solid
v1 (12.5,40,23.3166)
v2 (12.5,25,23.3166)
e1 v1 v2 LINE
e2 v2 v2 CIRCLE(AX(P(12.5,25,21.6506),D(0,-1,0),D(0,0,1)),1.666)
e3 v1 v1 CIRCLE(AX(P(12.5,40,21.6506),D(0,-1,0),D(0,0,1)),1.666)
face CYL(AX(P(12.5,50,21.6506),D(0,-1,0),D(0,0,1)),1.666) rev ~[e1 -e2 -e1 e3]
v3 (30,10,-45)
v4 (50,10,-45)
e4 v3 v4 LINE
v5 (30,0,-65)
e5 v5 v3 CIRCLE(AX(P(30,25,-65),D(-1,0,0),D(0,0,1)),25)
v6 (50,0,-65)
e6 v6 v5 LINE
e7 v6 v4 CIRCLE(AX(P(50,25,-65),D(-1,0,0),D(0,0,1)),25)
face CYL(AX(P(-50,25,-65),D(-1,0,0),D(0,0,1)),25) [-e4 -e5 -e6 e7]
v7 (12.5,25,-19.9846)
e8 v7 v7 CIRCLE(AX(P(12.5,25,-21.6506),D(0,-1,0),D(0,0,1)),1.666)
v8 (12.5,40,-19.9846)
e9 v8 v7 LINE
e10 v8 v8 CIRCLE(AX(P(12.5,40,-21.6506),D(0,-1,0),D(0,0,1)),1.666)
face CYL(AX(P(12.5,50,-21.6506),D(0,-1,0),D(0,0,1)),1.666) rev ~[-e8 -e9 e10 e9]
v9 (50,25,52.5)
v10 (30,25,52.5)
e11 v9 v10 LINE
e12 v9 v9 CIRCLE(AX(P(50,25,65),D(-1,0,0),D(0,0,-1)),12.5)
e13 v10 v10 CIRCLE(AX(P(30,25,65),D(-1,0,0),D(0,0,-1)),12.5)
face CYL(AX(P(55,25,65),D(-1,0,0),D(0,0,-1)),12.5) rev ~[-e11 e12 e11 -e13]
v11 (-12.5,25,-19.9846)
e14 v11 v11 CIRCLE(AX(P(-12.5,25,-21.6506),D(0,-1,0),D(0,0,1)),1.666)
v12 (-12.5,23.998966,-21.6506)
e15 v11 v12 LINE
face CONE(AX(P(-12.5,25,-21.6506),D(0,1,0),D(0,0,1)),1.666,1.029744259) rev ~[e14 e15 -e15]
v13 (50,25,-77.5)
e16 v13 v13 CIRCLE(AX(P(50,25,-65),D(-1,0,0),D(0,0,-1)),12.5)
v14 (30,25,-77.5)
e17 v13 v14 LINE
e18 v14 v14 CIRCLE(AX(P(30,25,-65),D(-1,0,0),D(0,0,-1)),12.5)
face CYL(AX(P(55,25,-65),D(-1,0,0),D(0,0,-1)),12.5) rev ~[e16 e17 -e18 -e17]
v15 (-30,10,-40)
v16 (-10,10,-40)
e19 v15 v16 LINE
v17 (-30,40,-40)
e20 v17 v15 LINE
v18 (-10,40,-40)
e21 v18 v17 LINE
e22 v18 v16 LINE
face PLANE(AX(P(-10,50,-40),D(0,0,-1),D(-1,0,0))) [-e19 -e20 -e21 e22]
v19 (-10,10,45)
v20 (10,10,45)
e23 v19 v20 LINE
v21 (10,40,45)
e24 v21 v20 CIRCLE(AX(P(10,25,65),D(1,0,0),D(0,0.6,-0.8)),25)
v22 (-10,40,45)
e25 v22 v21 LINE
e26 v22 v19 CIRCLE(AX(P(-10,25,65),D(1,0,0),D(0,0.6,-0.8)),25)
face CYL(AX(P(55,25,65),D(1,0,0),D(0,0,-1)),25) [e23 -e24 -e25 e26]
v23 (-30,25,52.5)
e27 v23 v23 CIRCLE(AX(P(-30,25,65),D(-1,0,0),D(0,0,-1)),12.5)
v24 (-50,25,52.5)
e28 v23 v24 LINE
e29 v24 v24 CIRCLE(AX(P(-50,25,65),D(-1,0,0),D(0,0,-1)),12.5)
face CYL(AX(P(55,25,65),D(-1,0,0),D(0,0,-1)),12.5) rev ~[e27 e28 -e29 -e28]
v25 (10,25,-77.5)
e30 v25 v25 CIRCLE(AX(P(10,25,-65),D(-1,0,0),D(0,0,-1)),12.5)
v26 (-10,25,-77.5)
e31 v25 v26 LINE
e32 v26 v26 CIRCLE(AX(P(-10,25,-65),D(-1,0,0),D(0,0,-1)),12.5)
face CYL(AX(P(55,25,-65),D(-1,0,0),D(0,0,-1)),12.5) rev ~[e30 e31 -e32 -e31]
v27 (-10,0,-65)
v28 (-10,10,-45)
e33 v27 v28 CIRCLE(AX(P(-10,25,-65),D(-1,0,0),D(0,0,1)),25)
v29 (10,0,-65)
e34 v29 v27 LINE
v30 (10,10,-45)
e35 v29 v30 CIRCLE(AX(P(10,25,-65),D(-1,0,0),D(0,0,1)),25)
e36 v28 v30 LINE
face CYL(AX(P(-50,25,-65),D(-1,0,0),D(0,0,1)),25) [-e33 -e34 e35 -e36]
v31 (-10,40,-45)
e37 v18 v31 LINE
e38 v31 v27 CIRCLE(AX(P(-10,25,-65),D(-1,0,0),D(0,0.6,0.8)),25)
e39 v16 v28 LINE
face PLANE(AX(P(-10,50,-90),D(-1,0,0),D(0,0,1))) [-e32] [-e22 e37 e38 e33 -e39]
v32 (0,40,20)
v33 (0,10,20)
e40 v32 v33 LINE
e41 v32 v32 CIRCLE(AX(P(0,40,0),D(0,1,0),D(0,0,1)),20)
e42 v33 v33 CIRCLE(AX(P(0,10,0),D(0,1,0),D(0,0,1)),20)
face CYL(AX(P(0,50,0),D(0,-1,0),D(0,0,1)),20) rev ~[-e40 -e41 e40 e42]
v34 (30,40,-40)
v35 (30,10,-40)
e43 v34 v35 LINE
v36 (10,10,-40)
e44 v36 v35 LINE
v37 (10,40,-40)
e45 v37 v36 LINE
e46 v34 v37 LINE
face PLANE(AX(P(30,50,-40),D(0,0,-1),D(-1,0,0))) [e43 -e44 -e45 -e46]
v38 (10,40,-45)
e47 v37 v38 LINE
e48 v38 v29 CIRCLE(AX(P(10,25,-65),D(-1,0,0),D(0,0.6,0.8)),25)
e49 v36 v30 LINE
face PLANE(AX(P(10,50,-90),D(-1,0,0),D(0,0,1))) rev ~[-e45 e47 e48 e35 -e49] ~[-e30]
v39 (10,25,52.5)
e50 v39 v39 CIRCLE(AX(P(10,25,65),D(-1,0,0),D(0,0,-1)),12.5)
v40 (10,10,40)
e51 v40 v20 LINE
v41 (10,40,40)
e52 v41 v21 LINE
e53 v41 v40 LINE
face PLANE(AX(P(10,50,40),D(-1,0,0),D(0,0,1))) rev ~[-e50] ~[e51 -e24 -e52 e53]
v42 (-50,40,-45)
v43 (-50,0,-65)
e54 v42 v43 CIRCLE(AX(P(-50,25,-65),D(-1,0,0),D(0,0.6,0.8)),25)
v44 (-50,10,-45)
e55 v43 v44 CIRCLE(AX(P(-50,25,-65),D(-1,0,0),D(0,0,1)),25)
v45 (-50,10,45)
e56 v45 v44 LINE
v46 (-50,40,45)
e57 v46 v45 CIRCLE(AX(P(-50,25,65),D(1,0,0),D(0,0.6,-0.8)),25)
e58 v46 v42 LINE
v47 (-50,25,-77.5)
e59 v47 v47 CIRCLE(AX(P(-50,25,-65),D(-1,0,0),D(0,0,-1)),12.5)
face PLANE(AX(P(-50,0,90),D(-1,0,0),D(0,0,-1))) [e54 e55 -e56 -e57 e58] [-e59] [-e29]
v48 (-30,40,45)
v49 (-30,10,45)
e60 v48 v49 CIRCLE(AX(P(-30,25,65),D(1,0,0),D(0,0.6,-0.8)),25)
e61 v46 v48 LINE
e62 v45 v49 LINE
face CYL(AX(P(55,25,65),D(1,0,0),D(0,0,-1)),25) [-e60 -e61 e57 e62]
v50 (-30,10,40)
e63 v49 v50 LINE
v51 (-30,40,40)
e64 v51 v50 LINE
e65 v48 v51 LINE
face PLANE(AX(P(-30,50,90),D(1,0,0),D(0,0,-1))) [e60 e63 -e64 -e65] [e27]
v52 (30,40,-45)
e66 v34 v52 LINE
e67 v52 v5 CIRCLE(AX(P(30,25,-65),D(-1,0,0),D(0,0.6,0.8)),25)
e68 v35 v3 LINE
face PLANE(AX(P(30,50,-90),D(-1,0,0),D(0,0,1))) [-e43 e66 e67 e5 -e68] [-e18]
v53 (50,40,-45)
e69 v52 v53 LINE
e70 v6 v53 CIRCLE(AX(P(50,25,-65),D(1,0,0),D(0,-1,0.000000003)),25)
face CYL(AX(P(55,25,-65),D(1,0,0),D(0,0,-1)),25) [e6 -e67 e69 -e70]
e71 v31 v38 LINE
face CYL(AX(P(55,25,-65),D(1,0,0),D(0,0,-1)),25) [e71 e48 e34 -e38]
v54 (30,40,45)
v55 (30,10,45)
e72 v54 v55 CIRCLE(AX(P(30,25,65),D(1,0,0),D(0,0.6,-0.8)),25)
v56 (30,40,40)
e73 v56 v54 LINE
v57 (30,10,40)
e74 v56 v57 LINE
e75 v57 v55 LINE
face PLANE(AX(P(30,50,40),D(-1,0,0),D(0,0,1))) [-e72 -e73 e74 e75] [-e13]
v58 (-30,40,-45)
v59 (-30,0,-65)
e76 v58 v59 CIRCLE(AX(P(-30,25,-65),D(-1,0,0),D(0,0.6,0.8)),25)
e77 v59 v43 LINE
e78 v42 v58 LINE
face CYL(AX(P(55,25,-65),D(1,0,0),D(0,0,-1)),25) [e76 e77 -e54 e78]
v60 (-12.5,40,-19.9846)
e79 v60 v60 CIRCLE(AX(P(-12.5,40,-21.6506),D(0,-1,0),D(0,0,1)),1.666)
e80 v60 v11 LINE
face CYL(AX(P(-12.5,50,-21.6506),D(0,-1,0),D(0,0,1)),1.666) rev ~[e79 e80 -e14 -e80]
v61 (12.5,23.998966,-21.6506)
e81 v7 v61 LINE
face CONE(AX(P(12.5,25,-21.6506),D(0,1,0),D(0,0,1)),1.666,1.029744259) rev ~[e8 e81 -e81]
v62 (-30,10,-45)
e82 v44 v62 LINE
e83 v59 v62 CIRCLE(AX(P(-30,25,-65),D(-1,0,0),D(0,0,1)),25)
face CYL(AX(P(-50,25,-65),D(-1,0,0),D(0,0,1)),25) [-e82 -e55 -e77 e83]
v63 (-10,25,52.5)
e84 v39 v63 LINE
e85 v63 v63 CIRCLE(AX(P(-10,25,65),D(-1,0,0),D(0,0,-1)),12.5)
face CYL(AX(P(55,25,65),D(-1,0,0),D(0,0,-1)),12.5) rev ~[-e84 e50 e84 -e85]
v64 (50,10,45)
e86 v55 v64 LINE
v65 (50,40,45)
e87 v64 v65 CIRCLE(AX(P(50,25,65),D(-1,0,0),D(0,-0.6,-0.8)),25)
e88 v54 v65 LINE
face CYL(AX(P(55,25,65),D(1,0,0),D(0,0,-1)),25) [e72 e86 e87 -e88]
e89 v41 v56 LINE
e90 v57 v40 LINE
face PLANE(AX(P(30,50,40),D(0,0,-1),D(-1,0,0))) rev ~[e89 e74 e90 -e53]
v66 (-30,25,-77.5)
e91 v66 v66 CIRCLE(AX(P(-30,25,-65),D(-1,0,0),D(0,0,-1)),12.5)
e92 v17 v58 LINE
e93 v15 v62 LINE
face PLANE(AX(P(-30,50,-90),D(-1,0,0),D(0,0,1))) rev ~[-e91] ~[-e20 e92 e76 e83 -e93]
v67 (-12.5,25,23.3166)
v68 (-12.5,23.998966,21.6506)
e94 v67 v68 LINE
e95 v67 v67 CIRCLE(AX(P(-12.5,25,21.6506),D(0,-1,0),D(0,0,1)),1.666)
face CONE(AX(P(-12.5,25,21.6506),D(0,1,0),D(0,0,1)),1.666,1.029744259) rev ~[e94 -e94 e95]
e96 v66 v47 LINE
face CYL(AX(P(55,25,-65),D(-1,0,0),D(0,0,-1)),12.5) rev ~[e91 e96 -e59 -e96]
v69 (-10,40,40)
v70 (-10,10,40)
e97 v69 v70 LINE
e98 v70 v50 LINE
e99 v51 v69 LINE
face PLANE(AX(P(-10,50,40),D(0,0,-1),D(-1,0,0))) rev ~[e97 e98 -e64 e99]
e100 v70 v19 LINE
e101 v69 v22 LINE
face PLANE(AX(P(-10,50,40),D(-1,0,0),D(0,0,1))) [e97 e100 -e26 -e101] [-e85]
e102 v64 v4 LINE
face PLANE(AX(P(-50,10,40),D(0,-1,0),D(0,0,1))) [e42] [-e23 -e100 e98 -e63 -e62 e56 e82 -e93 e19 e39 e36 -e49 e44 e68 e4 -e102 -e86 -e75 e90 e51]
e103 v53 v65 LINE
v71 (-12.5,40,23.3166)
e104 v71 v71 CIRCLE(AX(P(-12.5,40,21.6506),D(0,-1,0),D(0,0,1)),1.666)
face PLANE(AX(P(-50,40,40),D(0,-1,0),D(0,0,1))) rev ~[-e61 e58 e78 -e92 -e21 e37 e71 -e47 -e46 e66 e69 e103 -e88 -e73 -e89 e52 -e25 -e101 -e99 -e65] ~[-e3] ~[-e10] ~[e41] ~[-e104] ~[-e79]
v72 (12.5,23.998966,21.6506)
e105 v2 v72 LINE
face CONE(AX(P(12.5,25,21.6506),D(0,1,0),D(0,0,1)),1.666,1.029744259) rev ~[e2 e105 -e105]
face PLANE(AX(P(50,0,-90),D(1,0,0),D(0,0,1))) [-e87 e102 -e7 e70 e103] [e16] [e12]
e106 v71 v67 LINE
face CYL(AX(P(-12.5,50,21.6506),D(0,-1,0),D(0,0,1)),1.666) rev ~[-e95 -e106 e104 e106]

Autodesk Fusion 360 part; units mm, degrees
sketch "Sketch1" plane through (0, 0, 0) normal (0, 1, 0) x (1, 0, 0)
  line L0 (55, -90) -> (-55, -90)
  line L1 (-55, -90) -> (-55, 90)
  line L2 (-55, 90) -> (55, 90)
  line L3 (55, 90) -> (55, -90)
  line L4 (55, -90) -> (-55, 90) construction
  line L5 (-55, -90) -> (55, 90) construction
  dimension "d1" = 180
  dimension "d2" = 110
extrude "Extrude1" add sketch "Sketch1" along normal blind 50
sketch "Sketch2" plane through (0, 50, 0) normal (0, 1, 0) x (-1, 0, 0)
  line L0 (-55, -90) -> (55, -90)
  line L1 (55, -90) -> (55, 90)
  line L2 (55, 90) -> (-55, 90)
  line L3 (-55, 90) -> (-55, -90)
  line L4 (55, -90) -> (30, -90)
  line L5 (30, -90) -> (30, -40)
  line L6 (30, -40) -> (55, -40)
  line L7 (55, -40) -> (55, -90)
  line L8 (30, -90) -> (10, -90)
  line L9 (10, -90) -> (10, -40)
  line L10 (10, -40) -> (30, -40)
  line L11 (30, -40) -> (30, -90)
  line L12 (10, -90) -> (-10, -90)
  line L13 (-10, -90) -> (-10, -40)
  line L14 (-10, -40) -> (10, -40)
  line L15 (10, -40) -> (10, -90)
  line L16 (-10, -90) -> (-30, -90)
  line L17 (-30, -90) -> (-30, -40)
  line L18 (-30, -40) -> (-10, -40)
  line L19 (-10, -40) -> (-10, -90)
  line L20 (-30, -90) -> (-55, -90)
  line L21 (-55, -90) -> (-55, -40)
  line L22 (-55, -40) -> (-30, -40)
  line L23 (-30, -40) -> (-30, -90)
  line L24 (55, 0) -> (-55, 0)
  line L25 (55, 90) -> (30, 90)
  line L26 (-10, 40) -> (10, 40)
  line L27 (-30, 40) -> (-30, 90)
  line L28 (-55, 90) -> (55, 90)
  line L29 (-30, 40) -> (-10, 40)
  line L30 (-30, 90) -> (-30, 40)
  line L31 (30, 90) -> (10, 90)
  line L32 (-10, 90) -> (-30, 90)
  line L33 (-55, 90) -> (-55, 40)
  line L34 (10, 40) -> (30, 40)
  line L35 (-10, 40) -> (-10, 90)
  line L36 (30, 90) -> (30, 40)
  line L37 (-55, 40) -> (-30, 40)
  line L38 (30, 40) -> (55, 40)
  line L39 (30, 40) -> (30, 90)
  line L40 (-30, 90) -> (-55, 90)
  line L41 (10, 40) -> (10, 90)
  line L42 (-10, 90) -> (-10, 40)
  line L43 (10, 90) -> (-10, 90)
  line L44 (10, 90) -> (10, 40)
  line L45 (55, 40) -> (55, 90)
  dimension "d5" = 25
  dimension "d6" = 50
  dimension "d7" = 20
  dimension "d8" = 20
  dimension "d9" = 20
  dimension "d10" = 25
  dimension "d11" = 50
  dimension "d12" = 50
  dimension "d13" = 50
  dimension "d14" = 50
  dimension "d15" = 110
extrude "Extrude2" cut sketch "Sketch2" against normal blind 50 contours L0 L13 L16 L17 L18 L19 L23 | L0 L5 L8 L9 L10 L11 L15 | L2 L27 L28 L29 L30 L32 L35 L42 | L2 L28 L31 L34 L36 L39 L41 L44
sketch "Sketch3" plane through (0, 50, 0) normal (0, 1, 0) x (-1, 0, 0)
  line L0 (-10, -40) -> (-10, -90)
  line L1 (-10, -90) -> (10, -90)
  line L2 (10, -90) -> (10, -40)
  line L3 (10, -40) -> (30, -40)
  line L4 (30, -40) -> (30, -90)
  line L5 (30, -90) -> (55, -90)
  line L6 (55, -90) -> (55, 90)
  line L7 (55, 90) -> (30, 90)
  line L8 (30, 90) -> (30, 40)
  line L9 (30, 40) -> (10, 40)
  line L10 (10, 40) -> (10, 90)
  line L11 (10, 90) -> (-10, 90)
  line L12 (-10, 90) -> (-10, 40)
  line L13 (-10, 40) -> (-30, 40)
  line L14 (-30, 40) -> (-30, 90)
  line L15 (-30, 90) -> (-55, 90)
  line L16 (-55, 90) -> (-55, -90)
  line L17 (-55, -90) -> (-30, -90)
  line L18 (-30, -90) -> (-30, -40)
  line L19 (-30, -40) -> (-10, -40)
hole "Hole1" at (0, 50, 0) direction (0, -1, 0) diameter 40 end through all
sketch "Sketch4" plane through (55, 0, 0) normal (1, 0, 0) x (0, 0, -1)
  line L0 (-90, 0) -> (90, 0)
  line L1 (90, 0) -> (90, 50)
  line L2 (90, 50) -> (-90, 50)
  line L3 (-90, 50) -> (-90, 0)
  circle A0 centre (65, 25) radius 25
  circle A1 centre (-65, 25) radius 25
  dimension "d21" = 50
  dimension "d23" = 50
  dimension "d24" = 65
  dimension "d25" = 25
  dimension "d26" = 25
  dimension "d27" = 65
extrude "Extrude3" cut sketch "Sketch4" against normal blind 110 contours L0 L3 A1 | L2 L3 A1 | L0 L1 A0 | L1 L2 A0
sketch "Sketch5" plane through (55, 0, 0) normal (1, 0, 0) x (0, 0, -1)
  arc A0 (-65, 50) -> (-65, 0) centre (-65, 25) ccw
  line L0 (-65, 0) -> (65, 0)
  arc A1 (65, 0) -> (65, 50) centre (65, 25) ccw
  line L1 (65, 50) -> (-65, 50)
  line L2 (-65, 25) -> (65, 25)
hole "Hole2" at (55, 25, 65) at (55, 25, -65) direction (-1, 0, 0) diameter 25 end through all
extrude "Extrude4" cut 1 faces at (55, 5.9862, 18.224) along direction (-1, 0, 0) blind 5
extrude "Extrude5" cut 1 faces at (-55, 5.9862, 18.224) along direction (1, 0, 0) blind 5
sketch "Sketch6" plane through (0, 50, 0) normal (0, 1, 0) x (-1, 0, 0)
  circle A0 centre (0, 0) radius 20
  line L0 (50, -65) -> (50, 65)
  line L1 (50, 65) -> (30, 65)
  line L2 (30, 65) -> (30, 40)
  line L3 (30, 40) -> (10, 40)
  line L4 (10, 40) -> (10, 65)
  line L5 (10, 65) -> (-10, 65)
  line L6 (-10, 65) -> (-10, 40)
  line L7 (-10, 40) -> (-30, 40)
  line L8 (-30, 40) -> (-30, 65)
  line L9 (-30, 65) -> (-50, 65)
  line L10 (-50, 65) -> (-50, -65)
  line L11 (-50, -65) -> (-30, -65)
  line L12 (-30, -65) -> (-30, -40)
  line L13 (-30, -40) -> (-10, -40)
  line L14 (-10, -40) -> (-10, -65)
  line L15 (-10, -65) -> (10, -65)
  line L16 (10, -65) -> (10, -40)
  line L17 (10, -40) -> (30, -40)
  line L18 (30, -40) -> (30, -65)
  line L19 (30, -65) -> (50, -65)
  line L20 (-50, -40) -> (50, -40)
  line L21 (50, -40) -> (50, 40)
  line L22 (50, 40) -> (-50, 40)
  line L23 (-50, 40) -> (-50, -40)
  line L24 (-50, -40) -> (50, 40) construction
  line L25 (50, -40) -> (-50, 40) construction
  dimension "d37" = 80
  dimension "d38" = 100
extrude "Extrude6" cut sketch "Sketch6" against normal blind 10 contours L0 L3 L7 L10 L13 L17 L20 L21 L22 L23
sketch "Sketch7" plane through (-50, 0, 0) normal (-1, 0, 0) x (0, 0, 1)
  line L0 (-40, 40) -> (-40, 50)
  line L1 (-40, 50) -> (-65, 50)
  arc A0 (-65, 50) -> (-65, 0) centre (-65, 25) ccw
  line L2 (-65, 0) -> (65, 0)
  arc A1 (65, 0) -> (65, 50) centre (65, 25) ccw
  line L3 (65, 50) -> (40, 50)
  line L4 (40, 50) -> (40, 40)
  line L5 (40, 40) -> (-40, 40)
  circle A2 centre (65, 25) radius 12.5
  circle A3 centre (-65, 25) radius 12.5
  circle A4 centre (-65, 25) radius 25
  circle A5 centre (65, 25) radius 25
  line L6 (-40, 40) -> (-45, 40)
  line L7 (40, 40) -> (45, 40)
extrude "Extrude7" cut sketch "Sketch7" against normal blind 100 contours L0 L1 A4 L6 | L3 L4 A5 L7
sketch "Sketch8" plane through (0, 0, 0) normal (0, -1, 0) x (1, 0, 0)
  line L0 (-50, 65) -> (-50, -65)
  line L1 (-50, -65) -> (-30, -65)
  line L2 (-30, -65) -> (-30, -40)
  line L3 (-30, -40) -> (-10, -40)
  line L4 (-10, -40) -> (-10, -65)
  line L5 (-10, -65) -> (10, -65)
  line L6 (10, -65) -> (10, -40)
  line L7 (10, -40) -> (30, -40)
  line L8 (30, -40) -> (30, -65)
  line L9 (30, -65) -> (50, -65)
  line L10 (50, -65) -> (50, 65)
  line L11 (50, 65) -> (30, 65)
  line L12 (30, 65) -> (30, 40)
  line L13 (30, 40) -> (10, 40)
  line L14 (10, 40) -> (10, 65)
  line L15 (10, 65) -> (-10, 65)
  line L16 (-10, 65) -> (-10, 40)
  line L17 (-10, 40) -> (-30, 40)
  line L18 (-30, 40) -> (-30, 65)
  line L19 (-30, 65) -> (-50, 65)
  circle A0 centre (0, 0) radius 20
  line L20 (50, 40) -> (-50, 40)
  line L21 (-50, 40) -> (-50, -40)
  line L22 (-50, -40) -> (50, -40)
  line L23 (50, -40) -> (50, 40)
  line L24 (50, 40) -> (-50, -40) construction
  line L25 (-50, 40) -> (50, -40) construction
  dimension "d43" = 80
extrude "Extrude8" cut sketch "Sketch8" against normal blind 10 contours L0 L3 L7 L10 L13 L17 L20 L21 L22 L23
sketch "Sketch9" plane through (-50, 0, 0) normal (-1, 0, 0) x (0, 0, 1)
  line L0 (40, 10) -> (40, 0)
  line L1 (40, 0) -> (65, 0)
  arc A0 (65, 0) -> (45, 40) centre (65, 25) ccw
  line L2 (45, 40) -> (-45, 40)
  arc A1 (-45, 40) -> (-65, 50) centre (-65, 25) ccw
  arc A2 (-65, 50) -> (-65, 0) centre (-65, 25) ccw
  line L3 (-65, 0) -> (-40, 0)
  line L4 (-40, 0) -> (-40, 10)
  line L5 (-40, 10) -> (40, 10)
  circle A3 centre (65, 25) radius 12.5
  circle A4 centre (-65, 25) radius 12.5
  circle A5 centre (-65, 25) radius 25
  circle A6 centre (65, 25) radius 25
  line L6 (-40, 10) -> (-45, 10)
  line L7 (40, 10) -> (45, 10)
  dimension "d46" = 50
extrude "Extrude9" cut sketch "Sketch9" against normal blind 100 contours L0 L1 A6 L7 | L3 L4 A5 L6
sketch "Sketch10" plane through (0, 40, 0) normal (0, 1, 0) x (-1, 0, 0)
  circle A0 centre (0, 0) radius 20
  line L0 (-50, 45) -> (-50, -45)
  line L1 (-50, -45) -> (-30, -45)
  line L2 (-30, -45) -> (-30, -40)
  line L3 (-30, -40) -> (-10, -40)
  line L4 (-10, -40) -> (-10, -45)
  line L5 (-10, -45) -> (10, -45)
  line L6 (10, -45) -> (10, -40)
  line L7 (10, -40) -> (30, -40)
  line L8 (30, -40) -> (30, -45)
  line L9 (30, -45) -> (50, -45)
  line L10 (50, -45) -> (50, 45)
  line L11 (50, 45) -> (30, 45)
  line L12 (30, 45) -> (30, 40)
  line L13 (30, 40) -> (10, 40)
  line L14 (10, 40) -> (10, 45)
  line L15 (10, 45) -> (-10, 45)
  line L16 (-10, 45) -> (-10, 40)
  line L17 (-10, 40) -> (-30, 40)
  line L18 (-30, 40) -> (-30, 45)
  line L19 (-30, 45) -> (-50, 45)
sketch "Sketch11" plane through (0, 50, 0) normal (0, 1, 0) x (-1, 0, 0)
  line L0 (23, -18.071) -> (23, 18.071)
  arc A0 (23, 18.071) -> (-23, 18.071) centre (0, 0) ccw
  line L1 (-23, 18.071) -> (-23, -18.071)
  arc A1 (-23, -18.071) -> (23, -18.071) centre (0, 0) ccw
  circle A2 centre (0, 0) radius 12
  circle A3 centre (12.5, 21.6506) radius 2.25
  circle A4 centre (12.5, -21.6506) radius 2.25
  circle A5 centre (-12.5, -21.6506) radius 2.25
  circle A6 centre (-12.5, 21.6506) radius 2.25
  circle A7 centre (12.5, 21.6506) radius 2.25
  circle A8 centre (12.5, -21.6506) radius 2.25
  circle A9 centre (-12.5, -21.6506) radius 2.25
  circle A10 centre (-12.5, 21.6506) radius 2.25
hole "Hole3" at (-12.5, 50, 21.6506) at (-12.5, 50, -21.6506) at (12.5, 50, 21.6506) at (12.5, 50, -21.6506) direction (0, -1, 0) diameter 3.332 depth 25 tip angle 118
